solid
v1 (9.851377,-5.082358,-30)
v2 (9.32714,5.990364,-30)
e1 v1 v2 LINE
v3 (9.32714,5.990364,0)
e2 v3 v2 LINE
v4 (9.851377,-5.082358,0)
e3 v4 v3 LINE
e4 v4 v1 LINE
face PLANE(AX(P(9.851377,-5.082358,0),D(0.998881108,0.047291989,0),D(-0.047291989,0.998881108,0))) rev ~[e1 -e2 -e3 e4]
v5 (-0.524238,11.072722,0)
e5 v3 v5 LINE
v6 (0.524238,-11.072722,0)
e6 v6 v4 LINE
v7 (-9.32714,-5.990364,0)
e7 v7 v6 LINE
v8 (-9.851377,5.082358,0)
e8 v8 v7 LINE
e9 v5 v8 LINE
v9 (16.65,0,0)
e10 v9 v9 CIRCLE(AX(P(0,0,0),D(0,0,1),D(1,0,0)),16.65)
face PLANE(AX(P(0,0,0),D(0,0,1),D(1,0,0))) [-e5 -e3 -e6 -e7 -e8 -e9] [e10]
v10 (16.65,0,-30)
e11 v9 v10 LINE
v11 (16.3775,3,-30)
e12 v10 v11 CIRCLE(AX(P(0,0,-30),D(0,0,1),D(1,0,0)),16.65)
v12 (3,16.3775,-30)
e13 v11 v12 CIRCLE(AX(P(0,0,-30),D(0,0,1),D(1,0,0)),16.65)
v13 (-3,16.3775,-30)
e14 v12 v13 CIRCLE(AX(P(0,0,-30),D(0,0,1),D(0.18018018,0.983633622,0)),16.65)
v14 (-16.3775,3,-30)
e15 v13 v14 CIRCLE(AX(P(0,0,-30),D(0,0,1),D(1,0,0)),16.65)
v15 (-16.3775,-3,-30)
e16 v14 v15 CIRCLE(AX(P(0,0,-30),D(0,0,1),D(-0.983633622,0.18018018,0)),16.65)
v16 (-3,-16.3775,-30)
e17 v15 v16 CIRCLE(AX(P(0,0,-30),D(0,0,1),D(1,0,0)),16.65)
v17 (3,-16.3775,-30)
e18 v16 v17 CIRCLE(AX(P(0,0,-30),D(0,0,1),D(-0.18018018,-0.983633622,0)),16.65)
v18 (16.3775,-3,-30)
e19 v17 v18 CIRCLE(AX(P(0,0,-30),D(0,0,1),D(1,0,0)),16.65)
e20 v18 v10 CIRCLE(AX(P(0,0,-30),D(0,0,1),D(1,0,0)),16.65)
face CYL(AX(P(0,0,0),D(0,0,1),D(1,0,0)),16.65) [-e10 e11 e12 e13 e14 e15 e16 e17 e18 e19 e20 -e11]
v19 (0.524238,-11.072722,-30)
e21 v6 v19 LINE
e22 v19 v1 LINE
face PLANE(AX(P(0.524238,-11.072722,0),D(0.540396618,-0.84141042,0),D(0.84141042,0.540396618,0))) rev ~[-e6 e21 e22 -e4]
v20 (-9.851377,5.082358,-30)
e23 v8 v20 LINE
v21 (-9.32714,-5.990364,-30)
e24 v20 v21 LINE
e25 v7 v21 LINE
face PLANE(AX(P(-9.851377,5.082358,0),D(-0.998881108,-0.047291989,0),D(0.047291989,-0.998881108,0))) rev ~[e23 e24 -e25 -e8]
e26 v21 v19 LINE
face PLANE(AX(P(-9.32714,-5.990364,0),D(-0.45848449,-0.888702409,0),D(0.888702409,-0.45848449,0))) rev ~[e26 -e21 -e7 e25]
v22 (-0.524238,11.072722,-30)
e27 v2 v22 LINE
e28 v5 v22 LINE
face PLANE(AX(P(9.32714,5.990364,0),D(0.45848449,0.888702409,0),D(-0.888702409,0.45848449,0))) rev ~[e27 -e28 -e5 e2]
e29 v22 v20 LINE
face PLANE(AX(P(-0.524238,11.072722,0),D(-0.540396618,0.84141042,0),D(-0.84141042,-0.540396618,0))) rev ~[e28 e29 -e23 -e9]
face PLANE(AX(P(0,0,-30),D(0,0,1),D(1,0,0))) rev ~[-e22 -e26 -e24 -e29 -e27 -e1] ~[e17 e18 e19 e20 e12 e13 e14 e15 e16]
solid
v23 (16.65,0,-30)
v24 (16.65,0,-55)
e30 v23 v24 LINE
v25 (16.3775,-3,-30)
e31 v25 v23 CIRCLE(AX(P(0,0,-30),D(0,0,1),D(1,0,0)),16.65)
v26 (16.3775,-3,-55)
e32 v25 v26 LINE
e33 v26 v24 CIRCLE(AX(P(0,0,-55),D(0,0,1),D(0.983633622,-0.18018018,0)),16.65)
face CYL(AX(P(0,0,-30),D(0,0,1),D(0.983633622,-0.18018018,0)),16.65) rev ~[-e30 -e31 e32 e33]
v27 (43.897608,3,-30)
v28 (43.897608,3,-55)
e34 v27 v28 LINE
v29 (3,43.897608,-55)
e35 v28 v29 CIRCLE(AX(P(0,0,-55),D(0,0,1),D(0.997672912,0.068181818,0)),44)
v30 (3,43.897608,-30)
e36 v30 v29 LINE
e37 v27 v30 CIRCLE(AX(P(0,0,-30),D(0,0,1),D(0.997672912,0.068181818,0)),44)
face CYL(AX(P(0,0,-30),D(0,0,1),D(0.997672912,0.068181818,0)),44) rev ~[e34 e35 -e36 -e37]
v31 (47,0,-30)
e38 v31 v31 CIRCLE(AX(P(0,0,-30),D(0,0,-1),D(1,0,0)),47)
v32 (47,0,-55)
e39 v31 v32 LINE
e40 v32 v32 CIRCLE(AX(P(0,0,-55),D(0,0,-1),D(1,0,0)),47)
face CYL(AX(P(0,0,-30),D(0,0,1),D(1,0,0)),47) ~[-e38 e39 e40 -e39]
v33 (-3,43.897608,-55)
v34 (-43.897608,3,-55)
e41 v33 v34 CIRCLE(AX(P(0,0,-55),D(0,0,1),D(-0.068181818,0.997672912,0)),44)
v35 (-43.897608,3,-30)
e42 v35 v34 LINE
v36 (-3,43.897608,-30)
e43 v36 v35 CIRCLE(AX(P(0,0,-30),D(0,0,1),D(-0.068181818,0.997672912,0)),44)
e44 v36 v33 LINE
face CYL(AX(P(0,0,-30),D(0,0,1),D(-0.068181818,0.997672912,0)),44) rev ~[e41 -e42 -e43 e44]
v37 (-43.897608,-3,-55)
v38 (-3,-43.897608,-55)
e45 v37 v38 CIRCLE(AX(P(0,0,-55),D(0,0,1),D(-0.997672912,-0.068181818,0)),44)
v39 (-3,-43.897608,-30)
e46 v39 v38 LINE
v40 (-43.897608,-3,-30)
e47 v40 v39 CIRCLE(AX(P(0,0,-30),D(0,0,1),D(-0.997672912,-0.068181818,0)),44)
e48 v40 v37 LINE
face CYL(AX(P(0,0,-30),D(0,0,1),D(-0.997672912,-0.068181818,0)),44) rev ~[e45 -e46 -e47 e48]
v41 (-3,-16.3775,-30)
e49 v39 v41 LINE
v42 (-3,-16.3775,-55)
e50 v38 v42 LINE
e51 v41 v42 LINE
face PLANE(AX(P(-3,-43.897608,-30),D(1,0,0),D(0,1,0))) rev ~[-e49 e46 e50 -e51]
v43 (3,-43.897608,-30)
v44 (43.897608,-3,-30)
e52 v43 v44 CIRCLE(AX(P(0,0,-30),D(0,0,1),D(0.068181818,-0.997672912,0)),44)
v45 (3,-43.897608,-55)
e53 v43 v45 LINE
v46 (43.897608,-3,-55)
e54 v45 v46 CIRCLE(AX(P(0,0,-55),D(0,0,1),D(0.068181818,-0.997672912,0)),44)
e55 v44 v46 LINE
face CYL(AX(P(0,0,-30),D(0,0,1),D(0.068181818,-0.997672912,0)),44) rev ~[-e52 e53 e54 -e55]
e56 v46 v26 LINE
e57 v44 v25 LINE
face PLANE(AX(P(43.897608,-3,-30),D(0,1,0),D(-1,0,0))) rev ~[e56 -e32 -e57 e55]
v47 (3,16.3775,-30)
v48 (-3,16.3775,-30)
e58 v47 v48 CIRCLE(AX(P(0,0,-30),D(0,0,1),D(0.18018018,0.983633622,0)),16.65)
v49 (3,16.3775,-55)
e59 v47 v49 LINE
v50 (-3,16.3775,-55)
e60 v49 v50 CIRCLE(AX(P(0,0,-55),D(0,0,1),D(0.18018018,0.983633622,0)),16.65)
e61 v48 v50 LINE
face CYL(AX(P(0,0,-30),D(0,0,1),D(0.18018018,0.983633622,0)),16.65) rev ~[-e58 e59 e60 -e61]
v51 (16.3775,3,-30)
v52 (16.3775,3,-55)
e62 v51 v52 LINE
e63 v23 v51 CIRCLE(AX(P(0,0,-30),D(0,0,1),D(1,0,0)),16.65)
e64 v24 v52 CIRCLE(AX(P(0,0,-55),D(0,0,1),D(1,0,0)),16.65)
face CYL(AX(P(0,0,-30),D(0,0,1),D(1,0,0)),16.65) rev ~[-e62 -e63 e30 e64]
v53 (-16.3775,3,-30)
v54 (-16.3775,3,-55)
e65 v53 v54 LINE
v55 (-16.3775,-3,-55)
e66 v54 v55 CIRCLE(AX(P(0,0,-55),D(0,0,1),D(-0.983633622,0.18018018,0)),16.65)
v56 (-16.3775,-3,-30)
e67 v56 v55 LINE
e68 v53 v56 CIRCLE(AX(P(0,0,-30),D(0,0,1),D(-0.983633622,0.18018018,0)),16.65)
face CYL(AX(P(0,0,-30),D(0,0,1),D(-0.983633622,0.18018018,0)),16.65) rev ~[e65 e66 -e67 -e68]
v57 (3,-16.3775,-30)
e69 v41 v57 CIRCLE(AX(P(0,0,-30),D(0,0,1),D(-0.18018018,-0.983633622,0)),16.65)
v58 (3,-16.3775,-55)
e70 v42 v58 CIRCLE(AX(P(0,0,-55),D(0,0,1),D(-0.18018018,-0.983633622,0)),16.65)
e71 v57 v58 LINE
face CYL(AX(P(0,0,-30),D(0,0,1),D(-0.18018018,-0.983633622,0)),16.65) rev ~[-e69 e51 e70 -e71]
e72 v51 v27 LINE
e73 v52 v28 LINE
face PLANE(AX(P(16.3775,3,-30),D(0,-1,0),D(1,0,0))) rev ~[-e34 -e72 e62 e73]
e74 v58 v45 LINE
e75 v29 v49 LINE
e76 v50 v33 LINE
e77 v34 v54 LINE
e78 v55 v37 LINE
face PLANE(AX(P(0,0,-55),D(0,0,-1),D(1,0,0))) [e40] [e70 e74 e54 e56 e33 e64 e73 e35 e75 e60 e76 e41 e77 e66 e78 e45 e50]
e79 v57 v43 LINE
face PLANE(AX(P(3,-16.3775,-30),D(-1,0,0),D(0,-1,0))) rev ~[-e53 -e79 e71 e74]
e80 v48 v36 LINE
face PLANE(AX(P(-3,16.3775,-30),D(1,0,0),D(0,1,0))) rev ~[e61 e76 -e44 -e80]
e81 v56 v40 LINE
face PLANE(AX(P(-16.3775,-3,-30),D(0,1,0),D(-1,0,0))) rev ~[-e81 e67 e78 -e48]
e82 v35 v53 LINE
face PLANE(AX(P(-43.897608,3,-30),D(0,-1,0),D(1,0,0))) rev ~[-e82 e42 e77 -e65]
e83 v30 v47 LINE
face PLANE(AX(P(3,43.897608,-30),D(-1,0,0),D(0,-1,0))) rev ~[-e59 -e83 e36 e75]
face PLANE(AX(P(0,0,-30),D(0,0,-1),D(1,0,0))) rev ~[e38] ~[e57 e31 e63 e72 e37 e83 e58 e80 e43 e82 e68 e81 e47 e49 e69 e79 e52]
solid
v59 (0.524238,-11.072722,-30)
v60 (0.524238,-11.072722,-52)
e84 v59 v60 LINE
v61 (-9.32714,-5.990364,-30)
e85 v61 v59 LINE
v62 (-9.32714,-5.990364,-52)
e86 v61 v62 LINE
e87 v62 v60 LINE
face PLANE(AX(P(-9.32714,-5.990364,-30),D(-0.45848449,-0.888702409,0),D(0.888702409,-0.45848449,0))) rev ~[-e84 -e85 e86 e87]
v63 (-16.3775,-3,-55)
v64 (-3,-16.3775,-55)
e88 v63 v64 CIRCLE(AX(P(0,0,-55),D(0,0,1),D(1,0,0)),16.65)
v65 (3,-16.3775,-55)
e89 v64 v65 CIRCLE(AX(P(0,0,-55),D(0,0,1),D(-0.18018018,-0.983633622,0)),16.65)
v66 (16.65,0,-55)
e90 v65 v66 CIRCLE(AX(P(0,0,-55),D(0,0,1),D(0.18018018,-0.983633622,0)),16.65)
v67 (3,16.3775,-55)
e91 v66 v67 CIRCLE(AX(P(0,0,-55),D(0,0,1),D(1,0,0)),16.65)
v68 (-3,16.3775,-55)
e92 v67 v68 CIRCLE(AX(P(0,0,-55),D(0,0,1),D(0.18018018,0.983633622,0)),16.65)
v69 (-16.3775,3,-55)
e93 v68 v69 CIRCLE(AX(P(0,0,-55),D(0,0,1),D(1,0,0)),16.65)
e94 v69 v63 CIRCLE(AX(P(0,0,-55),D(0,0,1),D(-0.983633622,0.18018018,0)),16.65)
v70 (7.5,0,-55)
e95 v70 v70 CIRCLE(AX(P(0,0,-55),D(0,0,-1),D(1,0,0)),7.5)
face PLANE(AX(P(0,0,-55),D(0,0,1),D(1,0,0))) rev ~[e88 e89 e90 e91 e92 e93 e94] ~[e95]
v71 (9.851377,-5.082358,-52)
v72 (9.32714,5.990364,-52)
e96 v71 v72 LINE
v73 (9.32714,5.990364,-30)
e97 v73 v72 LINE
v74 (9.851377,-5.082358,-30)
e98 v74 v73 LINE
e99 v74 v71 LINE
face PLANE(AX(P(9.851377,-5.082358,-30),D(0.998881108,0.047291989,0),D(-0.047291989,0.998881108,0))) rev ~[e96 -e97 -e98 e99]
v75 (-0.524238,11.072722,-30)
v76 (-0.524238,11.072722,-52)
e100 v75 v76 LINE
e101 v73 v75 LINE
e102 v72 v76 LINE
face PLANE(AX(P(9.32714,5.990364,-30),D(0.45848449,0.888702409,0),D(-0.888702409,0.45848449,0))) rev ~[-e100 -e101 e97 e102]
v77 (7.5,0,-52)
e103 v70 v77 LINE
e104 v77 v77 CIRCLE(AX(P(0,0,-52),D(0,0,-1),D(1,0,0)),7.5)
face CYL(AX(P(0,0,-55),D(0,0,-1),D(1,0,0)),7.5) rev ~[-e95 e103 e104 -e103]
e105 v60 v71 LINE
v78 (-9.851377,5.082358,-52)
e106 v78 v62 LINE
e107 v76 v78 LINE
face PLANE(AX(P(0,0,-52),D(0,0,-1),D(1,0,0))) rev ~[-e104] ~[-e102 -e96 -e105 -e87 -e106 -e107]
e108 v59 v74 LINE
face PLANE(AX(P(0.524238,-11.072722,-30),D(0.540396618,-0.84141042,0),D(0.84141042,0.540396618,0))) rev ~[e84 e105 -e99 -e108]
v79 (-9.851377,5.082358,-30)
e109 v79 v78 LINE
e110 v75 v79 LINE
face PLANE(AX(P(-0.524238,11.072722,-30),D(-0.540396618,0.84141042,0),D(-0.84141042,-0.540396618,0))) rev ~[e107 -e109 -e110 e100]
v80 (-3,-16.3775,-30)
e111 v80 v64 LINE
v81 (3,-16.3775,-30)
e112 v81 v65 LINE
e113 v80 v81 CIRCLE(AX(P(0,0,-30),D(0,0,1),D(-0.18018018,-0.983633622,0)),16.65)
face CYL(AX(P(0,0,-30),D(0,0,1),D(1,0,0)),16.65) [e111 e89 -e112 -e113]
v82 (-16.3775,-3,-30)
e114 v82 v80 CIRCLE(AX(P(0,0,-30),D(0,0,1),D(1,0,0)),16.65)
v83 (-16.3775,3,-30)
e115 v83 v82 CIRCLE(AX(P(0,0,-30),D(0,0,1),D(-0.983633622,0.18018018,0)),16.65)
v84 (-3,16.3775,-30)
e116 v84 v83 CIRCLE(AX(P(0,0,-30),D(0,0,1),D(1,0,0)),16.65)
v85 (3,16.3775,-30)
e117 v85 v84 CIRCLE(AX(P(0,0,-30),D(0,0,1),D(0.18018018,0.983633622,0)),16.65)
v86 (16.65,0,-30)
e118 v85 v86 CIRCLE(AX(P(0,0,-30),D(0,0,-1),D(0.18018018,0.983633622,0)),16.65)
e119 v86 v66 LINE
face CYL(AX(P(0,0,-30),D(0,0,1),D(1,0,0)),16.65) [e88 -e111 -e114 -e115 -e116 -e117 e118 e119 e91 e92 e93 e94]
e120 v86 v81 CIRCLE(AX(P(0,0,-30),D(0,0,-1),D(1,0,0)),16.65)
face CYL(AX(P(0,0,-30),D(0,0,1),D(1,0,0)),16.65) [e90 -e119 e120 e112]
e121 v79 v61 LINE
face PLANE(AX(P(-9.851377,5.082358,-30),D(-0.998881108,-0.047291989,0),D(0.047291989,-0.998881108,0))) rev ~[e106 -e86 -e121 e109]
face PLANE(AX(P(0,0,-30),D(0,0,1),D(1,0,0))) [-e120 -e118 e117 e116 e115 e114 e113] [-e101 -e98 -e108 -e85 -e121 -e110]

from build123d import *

# Parameters (mm, degrees)
F1_R      = 16.65
F2_DEPTH  = 30
F3_DEPTH  = 31
F4_R      = 7.5
F5_DEPTH  = 25
F6_R      = 47
F7_DEPTH  = 25
F8_DEPTH  = 25
F9_R      = 14.0491695585
F9_R_2    = 7.5
F10_DEPTH = 3


with BuildPart() as f2:
    # F1 (on Top) → F2 (new body)
    with BuildSketch(Plane.XY):
        Circle(F1_R)
    extrude(amount=-F2_DEPTH)

    # F0 (on Top) → F3 (cut)
    with BuildSketch(Plane.XY):
        Polygon((-0.5242376146, 11.0727221099), (-9.8513774435, 5.0823579631), (-9.327139829, -5.9903641468), (0.5242376146, -11.0727221099), (9.8513774435, -5.0823579631), (9.327139829, 5.9903641468), align=None)
    extrude(amount=-F3_DEPTH, mode=Mode.SUBTRACT)

    # F4 (on face) → F5 (cut)
    with BuildSketch(Plane(origin=(0, 0, -30), x_dir=(1, 0, 0), z_dir=(0, 0, -1))):
        Circle(F4_R)
    extrude(amount=-F5_DEPTH, mode=Mode.SUBTRACT)

    # F6 (on face) → F7 (join)
    with BuildSketch(Plane(origin=(0, 0, -30), x_dir=(1, 0, 0), z_dir=(0, 0, -1))):
        Circle(F6_R)
        with BuildLine():
            ThreePointArc((43.8976081353, 3), (43.9743945834, 1.5008734202), (44, 0))
            ThreePointArc((44, 0), (43.9743945834, -1.5008734202), (43.8976081353, -3))
            ThreePointArc((43.8976081353, -3), (31.1126983722, -31.1126983722), (3, -43.8976081353))
            ThreePointArc((3, -43.8976081353), (0, -44), (-3, -43.8976081353))
            ThreePointArc((-3, -43.8976081353), (-31.1126983722, -31.1126983722), (-43.8976081353, -3))
            ThreePointArc((-43.8976081353, -3), (-44, 0), (-43.8976081353, 3))
            ThreePointArc((-43.8976081353, 3), (-31.1126983722, 31.1126983722), (-3, 43.8976081353))
            ThreePointArc((-3, 43.8976081353), (0, 44), (3, 43.8976081353))
            ThreePointArc((3, 43.8976081353), (31.1126983722, 31.1126983722), (43.8976081353, 3))
        make_face(mode=Mode.SUBTRACT)
        with BuildLine():
            ThreePointArc((-3, -43.8976081353), (0, -44), (3, -43.8976081353))
            Line((3, -43.8976081353), (3, -16.3774998092))
            ThreePointArc((3, -16.3774998092), (0, -16.65), (-3, -16.3774998092))
            Line((-3, -16.3774998092), (-3, -43.8976081353))
        make_face()
        with BuildLine():
            ThreePointArc((43.8976081353, -3), (43.9743945834, -1.5008734202), (44, 0))
            ThreePointArc((44, 0), (43.9743945834, 1.5008734202), (43.8976081353, 3))
            Line((43.8976081353, 3), (16.3774998092, 3))
            ThreePointArc((16.3774998092, 3), (16.5817350091, 1.506175318), (16.65, 0))
            ThreePointArc((16.65, 0), (16.5817350091, -1.506175318), (16.3774998092, -3))
            Line((16.3774998092, -3), (43.8976081353, -3))
        make_face()
        with BuildLine():
            Line((-16.3774998092, 3), (-43.8976081353, 3))
            ThreePointArc((-43.8976081353, 3), (-44, 0), (-43.8976081353, -3))
            Line((-43.8976081353, -3), (-16.3774998092, -3))
            ThreePointArc((-16.3774998092, -3), (-16.65, 0), (-16.3774998092, 3))
        make_face()
        with BuildLine():
            Line((3, 16.3774998092), (3, 43.8976081353))
            ThreePointArc((3, 43.8976081353), (0, 44), (-3, 43.8976081353))
            Line((-3, 43.8976081353), (-3, 16.3774998092))
            ThreePointArc((-3, 16.3774998092), (0, 16.65), (3, 16.3774998092))
        make_face()
    extrude(amount=F7_DEPTH)


with BuildPart() as f8:
    # F8 (new): a face of the model
    f8_faces = [f2.part.faces().sort_by_distance(p)[0] for p in [
        (16.1127327183, 1.4635742467, -30),
    ]]
    extrude(f8_faces, amount=F8_DEPTH)

    # F9 (on face) → F10 (join)
    with BuildSketch(Plane(origin=(0, 0, -55), x_dir=(1, 0, 0), z_dir=(0, 0, -1))):
        Circle(F9_R)
        Polygon((0.5242376146, 11.0727221099), (9.8513774435, 5.0823579631), (9.327139829, -5.9903641468), (-0.5242376146, -11.0727221099), (-9.8513774435, -5.0823579631), (-9.327139829, 5.9903641468), align=None, mode=Mode.SUBTRACT)
        Polygon((9.327139829, -5.9903641468), (9.8513774435, 5.0823579631), (0.5242376146, 11.0727221099), (-9.327139829, 5.9903641468), (-9.8513774435, -5.0823579631), (-0.5242376146, -11.0727221099), align=None)
        Circle(F9_R_2, mode=Mode.SUBTRACT)
    extrude(amount=-F10_DEPTH)


solid = Compound([f2.part, f8.part])
